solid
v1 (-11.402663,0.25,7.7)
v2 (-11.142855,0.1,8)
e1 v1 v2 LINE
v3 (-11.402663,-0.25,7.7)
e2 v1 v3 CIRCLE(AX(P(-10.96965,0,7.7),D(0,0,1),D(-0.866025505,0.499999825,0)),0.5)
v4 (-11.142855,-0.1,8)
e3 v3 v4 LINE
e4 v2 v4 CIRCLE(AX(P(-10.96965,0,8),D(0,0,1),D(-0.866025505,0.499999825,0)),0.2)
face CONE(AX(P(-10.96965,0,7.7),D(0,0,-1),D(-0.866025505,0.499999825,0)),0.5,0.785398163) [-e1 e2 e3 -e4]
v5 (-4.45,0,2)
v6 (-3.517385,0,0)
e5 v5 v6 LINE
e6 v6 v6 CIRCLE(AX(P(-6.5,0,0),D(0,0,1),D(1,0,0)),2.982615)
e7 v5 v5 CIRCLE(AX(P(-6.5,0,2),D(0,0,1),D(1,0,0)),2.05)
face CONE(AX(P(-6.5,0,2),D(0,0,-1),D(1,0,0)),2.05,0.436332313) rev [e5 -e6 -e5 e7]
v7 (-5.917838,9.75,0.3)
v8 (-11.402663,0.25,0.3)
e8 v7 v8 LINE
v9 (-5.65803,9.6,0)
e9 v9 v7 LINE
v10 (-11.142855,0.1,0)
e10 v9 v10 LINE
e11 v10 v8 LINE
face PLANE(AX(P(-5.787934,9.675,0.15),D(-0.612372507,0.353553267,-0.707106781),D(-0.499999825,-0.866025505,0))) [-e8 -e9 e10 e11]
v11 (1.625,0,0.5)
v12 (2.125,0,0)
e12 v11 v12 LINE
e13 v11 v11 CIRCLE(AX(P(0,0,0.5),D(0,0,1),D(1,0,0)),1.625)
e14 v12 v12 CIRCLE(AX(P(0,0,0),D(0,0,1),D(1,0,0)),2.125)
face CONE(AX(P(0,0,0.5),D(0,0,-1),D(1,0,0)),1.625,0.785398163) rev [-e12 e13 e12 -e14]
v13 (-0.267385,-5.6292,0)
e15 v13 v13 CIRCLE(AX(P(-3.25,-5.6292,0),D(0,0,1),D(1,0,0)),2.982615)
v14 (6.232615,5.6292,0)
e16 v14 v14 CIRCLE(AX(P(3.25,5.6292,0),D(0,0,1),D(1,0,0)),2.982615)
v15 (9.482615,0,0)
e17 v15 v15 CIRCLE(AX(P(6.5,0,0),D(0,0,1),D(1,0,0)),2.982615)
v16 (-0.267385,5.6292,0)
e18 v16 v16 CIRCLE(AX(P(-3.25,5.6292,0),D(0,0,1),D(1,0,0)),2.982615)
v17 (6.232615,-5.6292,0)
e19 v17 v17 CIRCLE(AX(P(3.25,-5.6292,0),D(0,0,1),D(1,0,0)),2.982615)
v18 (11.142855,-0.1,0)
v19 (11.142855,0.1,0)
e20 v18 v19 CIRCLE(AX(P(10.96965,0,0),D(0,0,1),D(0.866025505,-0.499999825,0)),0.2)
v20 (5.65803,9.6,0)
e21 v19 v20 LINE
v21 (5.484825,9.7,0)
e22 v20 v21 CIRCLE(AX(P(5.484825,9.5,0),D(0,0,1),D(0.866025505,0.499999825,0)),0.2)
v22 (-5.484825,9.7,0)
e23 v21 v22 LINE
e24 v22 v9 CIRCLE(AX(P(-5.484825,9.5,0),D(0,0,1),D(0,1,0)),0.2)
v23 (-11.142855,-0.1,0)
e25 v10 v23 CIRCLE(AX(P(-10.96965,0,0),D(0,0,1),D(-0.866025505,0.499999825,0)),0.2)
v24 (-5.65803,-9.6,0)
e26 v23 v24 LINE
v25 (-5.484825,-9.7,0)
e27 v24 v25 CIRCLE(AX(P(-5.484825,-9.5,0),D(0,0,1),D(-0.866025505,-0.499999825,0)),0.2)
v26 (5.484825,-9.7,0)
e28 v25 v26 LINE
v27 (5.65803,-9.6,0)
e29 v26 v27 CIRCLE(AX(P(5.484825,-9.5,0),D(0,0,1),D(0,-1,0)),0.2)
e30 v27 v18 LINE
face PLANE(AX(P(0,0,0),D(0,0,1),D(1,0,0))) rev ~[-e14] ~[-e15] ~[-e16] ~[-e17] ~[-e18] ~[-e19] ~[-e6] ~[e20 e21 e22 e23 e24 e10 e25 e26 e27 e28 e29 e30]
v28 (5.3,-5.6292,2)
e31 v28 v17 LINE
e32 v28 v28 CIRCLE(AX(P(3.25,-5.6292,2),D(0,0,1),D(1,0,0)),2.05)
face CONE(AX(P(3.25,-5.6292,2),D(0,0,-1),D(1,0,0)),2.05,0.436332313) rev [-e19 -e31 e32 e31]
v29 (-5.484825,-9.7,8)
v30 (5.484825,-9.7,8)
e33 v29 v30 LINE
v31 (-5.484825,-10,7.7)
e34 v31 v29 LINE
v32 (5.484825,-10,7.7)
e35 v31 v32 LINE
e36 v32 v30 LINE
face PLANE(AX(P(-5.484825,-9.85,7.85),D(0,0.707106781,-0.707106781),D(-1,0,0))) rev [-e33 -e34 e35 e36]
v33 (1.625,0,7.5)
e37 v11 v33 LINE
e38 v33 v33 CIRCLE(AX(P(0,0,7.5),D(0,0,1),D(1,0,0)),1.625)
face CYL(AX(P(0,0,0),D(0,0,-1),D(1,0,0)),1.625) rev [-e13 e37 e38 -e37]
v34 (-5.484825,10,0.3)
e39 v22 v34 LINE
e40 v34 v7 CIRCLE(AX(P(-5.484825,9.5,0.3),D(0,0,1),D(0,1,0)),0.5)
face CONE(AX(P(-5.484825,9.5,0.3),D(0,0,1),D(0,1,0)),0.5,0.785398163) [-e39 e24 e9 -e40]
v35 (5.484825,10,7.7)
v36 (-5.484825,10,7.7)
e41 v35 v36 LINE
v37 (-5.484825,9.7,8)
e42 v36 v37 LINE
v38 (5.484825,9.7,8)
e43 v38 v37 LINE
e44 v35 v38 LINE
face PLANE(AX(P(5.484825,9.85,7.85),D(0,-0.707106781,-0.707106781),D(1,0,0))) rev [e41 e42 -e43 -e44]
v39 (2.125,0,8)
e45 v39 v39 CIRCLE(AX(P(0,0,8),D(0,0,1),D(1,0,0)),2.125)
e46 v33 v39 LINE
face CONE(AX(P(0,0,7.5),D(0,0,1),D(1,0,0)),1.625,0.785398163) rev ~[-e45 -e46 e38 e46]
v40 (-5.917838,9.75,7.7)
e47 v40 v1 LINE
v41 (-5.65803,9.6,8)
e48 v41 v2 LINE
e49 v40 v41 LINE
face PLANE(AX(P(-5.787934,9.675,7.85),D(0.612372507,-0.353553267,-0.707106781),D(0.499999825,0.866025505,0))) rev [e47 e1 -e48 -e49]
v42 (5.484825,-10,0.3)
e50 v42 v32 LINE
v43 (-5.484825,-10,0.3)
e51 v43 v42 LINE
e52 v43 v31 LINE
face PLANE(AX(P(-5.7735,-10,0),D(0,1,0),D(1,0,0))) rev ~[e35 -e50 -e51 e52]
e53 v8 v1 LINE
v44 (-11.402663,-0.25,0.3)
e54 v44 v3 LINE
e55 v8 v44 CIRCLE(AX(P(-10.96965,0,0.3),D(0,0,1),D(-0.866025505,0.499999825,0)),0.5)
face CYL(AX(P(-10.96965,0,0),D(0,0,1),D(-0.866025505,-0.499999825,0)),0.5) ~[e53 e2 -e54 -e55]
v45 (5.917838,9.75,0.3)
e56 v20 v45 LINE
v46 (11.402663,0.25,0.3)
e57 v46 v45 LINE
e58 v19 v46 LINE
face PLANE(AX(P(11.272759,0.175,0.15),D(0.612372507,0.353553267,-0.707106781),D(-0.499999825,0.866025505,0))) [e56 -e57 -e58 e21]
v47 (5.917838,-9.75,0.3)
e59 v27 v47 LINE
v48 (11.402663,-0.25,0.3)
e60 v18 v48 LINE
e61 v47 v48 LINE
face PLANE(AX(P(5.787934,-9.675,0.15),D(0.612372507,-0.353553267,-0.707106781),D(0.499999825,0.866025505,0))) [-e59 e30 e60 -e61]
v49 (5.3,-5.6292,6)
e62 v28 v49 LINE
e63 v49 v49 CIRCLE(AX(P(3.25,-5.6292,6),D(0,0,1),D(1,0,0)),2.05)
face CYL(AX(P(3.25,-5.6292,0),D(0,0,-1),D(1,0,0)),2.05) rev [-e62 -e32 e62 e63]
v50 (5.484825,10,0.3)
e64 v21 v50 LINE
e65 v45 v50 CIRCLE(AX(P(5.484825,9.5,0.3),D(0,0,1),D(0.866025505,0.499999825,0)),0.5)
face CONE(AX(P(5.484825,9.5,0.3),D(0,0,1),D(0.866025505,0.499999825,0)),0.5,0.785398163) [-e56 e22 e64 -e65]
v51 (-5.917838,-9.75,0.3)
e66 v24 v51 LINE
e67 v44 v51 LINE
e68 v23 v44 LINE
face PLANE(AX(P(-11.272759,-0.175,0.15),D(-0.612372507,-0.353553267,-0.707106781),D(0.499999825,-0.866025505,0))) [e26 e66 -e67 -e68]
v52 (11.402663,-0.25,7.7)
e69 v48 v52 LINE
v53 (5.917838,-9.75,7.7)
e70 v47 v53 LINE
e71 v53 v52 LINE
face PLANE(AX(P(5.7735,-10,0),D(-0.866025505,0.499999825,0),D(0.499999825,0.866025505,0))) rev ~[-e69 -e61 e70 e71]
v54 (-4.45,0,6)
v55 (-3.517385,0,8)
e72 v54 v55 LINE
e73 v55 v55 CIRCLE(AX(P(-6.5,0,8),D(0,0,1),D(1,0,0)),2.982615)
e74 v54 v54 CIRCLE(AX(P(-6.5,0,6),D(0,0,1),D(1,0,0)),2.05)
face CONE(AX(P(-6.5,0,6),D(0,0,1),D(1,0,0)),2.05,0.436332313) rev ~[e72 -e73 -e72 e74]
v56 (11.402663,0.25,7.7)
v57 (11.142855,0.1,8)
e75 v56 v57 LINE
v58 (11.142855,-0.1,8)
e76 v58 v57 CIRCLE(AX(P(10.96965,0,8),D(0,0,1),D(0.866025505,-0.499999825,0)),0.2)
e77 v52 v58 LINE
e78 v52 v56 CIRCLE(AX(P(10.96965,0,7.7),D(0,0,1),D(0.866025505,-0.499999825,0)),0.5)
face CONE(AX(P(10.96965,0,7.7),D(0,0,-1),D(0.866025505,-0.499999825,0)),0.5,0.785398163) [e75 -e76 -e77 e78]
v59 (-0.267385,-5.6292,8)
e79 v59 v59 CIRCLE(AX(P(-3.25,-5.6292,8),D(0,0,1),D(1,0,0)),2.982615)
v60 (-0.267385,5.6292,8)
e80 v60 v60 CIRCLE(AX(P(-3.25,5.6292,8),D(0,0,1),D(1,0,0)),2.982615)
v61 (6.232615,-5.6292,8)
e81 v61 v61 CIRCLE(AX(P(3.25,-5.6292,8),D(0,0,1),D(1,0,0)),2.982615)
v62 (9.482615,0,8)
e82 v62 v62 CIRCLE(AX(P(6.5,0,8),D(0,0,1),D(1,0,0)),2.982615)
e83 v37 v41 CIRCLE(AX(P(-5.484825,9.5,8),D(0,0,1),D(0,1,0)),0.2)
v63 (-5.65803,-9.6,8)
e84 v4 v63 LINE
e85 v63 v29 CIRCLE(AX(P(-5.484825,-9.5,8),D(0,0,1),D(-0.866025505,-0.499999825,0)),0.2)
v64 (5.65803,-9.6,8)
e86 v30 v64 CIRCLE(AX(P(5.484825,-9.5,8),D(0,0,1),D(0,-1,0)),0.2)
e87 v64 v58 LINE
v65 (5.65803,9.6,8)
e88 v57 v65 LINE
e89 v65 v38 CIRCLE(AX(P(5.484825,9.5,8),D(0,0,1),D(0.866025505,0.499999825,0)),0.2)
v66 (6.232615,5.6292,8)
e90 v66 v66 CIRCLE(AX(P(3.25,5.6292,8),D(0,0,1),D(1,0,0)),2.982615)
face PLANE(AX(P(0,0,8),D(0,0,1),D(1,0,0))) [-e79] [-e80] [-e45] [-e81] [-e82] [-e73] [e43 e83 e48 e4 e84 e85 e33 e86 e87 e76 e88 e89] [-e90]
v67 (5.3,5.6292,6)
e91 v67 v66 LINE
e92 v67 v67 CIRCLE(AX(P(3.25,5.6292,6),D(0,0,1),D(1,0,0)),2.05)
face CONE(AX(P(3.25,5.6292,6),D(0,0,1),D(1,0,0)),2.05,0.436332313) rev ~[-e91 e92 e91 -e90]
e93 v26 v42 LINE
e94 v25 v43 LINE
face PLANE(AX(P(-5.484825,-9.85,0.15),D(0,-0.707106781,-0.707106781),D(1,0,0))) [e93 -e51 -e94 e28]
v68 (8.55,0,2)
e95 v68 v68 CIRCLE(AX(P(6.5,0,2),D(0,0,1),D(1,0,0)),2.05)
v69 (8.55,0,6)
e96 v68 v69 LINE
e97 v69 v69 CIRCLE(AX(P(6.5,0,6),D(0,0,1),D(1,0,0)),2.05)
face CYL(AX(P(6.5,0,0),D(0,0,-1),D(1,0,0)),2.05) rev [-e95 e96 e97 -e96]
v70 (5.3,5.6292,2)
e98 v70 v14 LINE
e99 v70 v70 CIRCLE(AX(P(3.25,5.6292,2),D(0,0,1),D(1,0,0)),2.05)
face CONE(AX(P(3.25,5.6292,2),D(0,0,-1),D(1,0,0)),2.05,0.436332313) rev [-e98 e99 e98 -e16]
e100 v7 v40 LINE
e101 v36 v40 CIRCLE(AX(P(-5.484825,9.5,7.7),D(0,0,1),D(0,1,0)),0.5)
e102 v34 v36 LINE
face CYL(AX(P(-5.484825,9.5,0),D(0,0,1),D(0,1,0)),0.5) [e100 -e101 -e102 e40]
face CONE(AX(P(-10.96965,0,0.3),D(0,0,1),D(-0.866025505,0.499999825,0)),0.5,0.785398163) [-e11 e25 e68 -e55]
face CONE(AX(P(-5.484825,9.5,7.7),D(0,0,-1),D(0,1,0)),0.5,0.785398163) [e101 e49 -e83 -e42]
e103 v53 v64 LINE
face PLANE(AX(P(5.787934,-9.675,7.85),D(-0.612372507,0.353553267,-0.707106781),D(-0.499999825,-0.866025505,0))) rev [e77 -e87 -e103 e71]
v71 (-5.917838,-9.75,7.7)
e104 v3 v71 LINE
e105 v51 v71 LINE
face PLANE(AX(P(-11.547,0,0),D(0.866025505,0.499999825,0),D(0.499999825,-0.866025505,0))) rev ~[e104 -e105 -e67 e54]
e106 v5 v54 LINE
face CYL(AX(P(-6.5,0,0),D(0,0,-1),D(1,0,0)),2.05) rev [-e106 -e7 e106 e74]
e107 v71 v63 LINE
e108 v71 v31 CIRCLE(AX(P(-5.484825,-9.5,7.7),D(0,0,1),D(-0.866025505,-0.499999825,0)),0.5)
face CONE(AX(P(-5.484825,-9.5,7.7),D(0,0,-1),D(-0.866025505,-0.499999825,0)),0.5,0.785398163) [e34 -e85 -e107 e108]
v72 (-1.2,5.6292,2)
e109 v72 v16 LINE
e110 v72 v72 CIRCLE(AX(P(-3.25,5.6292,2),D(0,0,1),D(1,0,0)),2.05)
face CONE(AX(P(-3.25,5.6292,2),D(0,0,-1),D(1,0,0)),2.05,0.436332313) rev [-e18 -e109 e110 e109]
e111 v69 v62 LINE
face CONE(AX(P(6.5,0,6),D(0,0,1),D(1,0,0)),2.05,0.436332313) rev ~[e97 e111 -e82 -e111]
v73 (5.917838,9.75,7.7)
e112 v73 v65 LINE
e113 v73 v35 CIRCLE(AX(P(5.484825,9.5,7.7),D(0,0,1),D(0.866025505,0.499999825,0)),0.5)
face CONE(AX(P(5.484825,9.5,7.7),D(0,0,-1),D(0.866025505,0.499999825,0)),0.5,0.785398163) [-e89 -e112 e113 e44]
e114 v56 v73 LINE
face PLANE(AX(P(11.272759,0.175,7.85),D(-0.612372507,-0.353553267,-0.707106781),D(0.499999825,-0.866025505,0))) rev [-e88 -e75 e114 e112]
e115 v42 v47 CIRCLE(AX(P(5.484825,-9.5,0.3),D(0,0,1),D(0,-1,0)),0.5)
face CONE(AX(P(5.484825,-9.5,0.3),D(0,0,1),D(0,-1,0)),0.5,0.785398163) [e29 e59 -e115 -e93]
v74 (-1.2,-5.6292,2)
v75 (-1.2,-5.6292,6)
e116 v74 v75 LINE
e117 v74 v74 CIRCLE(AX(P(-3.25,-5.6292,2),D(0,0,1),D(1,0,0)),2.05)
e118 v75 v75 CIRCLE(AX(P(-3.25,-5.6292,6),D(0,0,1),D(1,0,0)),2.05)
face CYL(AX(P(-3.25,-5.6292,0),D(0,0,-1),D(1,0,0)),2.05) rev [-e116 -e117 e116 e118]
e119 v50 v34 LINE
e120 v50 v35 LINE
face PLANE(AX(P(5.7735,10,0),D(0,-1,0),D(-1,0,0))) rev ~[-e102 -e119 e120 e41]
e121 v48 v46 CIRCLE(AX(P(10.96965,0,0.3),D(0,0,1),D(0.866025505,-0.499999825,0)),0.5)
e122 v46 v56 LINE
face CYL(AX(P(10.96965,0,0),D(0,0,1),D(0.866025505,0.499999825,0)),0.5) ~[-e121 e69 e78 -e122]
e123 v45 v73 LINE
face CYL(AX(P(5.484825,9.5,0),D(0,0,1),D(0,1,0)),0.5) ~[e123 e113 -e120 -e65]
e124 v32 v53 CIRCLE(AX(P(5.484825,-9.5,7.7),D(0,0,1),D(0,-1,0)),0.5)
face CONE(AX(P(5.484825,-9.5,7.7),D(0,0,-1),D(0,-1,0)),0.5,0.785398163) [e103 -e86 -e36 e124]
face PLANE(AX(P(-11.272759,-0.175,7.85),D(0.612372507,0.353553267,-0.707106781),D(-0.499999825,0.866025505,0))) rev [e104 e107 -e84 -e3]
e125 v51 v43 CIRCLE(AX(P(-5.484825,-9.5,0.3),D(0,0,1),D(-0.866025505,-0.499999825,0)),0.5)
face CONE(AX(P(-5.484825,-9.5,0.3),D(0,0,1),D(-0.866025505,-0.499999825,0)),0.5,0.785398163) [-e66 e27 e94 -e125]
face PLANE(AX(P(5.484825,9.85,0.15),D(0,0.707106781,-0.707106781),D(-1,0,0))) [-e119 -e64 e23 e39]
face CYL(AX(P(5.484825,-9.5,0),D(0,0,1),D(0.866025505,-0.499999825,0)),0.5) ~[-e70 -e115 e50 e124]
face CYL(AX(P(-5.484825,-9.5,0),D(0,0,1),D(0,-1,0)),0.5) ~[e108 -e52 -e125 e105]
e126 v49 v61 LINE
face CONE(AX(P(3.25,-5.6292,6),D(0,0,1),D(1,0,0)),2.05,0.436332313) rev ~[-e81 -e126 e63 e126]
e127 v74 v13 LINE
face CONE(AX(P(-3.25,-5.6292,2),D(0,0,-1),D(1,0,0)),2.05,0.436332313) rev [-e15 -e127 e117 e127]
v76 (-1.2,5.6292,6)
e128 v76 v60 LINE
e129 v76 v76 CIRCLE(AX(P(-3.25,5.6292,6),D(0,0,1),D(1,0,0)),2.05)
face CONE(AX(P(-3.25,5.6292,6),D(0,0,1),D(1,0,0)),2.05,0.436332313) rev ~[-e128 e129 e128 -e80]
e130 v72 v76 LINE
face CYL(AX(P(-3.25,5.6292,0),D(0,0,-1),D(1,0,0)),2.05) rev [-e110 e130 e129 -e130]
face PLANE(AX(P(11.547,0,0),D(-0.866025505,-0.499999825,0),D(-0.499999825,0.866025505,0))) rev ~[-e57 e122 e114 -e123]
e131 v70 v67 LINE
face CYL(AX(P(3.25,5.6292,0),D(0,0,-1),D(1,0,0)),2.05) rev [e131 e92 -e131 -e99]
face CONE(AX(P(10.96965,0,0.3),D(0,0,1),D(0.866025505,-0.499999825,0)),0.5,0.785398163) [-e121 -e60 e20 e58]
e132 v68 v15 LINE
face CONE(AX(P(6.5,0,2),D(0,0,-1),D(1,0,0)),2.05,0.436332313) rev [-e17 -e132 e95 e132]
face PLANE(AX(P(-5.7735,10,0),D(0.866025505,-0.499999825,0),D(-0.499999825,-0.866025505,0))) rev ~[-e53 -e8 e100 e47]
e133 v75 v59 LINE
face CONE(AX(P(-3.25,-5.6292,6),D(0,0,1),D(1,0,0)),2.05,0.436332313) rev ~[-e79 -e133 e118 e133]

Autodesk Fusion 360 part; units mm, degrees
sketch "Sketch1" plane through (0, 0, 0) normal (0, 0, 1) x (1, 0, 0)
  line L0 (-5.7735, 10) -> (-11.547, 0)
  line L1 (-11.547, 0) -> (-5.7735, -10)
  line L2 (-5.7735, -10) -> (5.7735, -10)
  line L3 (5.7735, -10) -> (11.547, 0)
  line L4 (11.547, 0) -> (5.7735, 10)
  line L5 (5.7735, 10) -> (-5.7735, 10)
  circle A0 centre (0, 0) radius 1.625
  circle A1 centre (-3.25, 5.6292) radius 2.05
  line L6 (0, 0) -> (-5.7735, 10) construction
  circle A2 centre (-6.5, 0) radius 2.05
  circle A3 centre (-3.25, -5.6292) radius 2.05
  circle A4 centre (3.25, -5.6292) radius 2.05
  circle A5 centre (6.5, 0) radius 2.05
  circle A6 centre (3.25, 5.6292) radius 2.05
  circle A7 centre (0, 0) radius 6.5 construction
  dimension "d1" = 10
  dimension "d2" = 3.25
  dimension "d4" = 4.1
  dimension "d9" = 360
  dimension "d10" = 13
extrude "Extrude1" add sketch "Sketch1" along normal blind 8
chamfer "Chamfer3" distance 0.5 angle 45 1 edges at (-1.515, 0.5876, 0)
chamfer "Chamfer3" distance 0.5 angle 45 1 edges at (-1.515, 0.5876, 8)
fillet "Fillet1" radius 0.5 6 edges at (-5.7735, -10, 4) (5.7735, -10, 4) (11.547, 0, 4) (5.7735, 10, 4) (-5.7735, 10, 4) (-11.547, 0, 4)
chamfer "Chamfer4" distance 0.3 angle 45 24 edges at (0, -10, 8) (5.7348, -9.933, 8) (8.6603, -5, 8) (11.4697, 0, 8) (8.6603, 5, 8) (5.7348, 9.933, 8) (0, 10, 8) (-5.7348, 9.933, 8) (-8.6603, 5, 8) (-11.4697, 0, 8) (-8.6603, -5, 8) (-5.7348, -9.933, 8) (0, -10, 0) (5.7348, -9.933, 0) (8.6603, -5, 0) (11.4697, 0, 0) (8.6603, 5, 0) (5.7348, 9.933, 0) (0, 10, 0) (-5.7348, 9.933, 0) (-8.6603, 5, 0) (-11.4697, 0, 0) (-8.6603, -5, 0) (-5.7348, -9.933, 0)
chamfer "Chamfer2" distance 2 angle 25 6 edges at (1.3387, 6.3705, 8) (-5.1613, 6.3705, 8) (-8.4113, 0.7413, 8) (-5.1613, -4.8879, 8) (1.3387, -4.8879, 8) (4.5887, 0.7413, 8) measured on face at (5.2975, 5.527, 5.3333) measured on face at (-1.2025, 5.527, 5.3333) measured on face at (-4.4525, -0.1022, 5.3333) measured on face at (-1.2025, -5.7313, 5.3333) measured on face at (5.2975, -5.7313, 5.3333) measured on face at (8.5475, -0.1022, 5.3333)
chamfer "Chamfer5" distance 2 angle 25 6 edges at (-5.1613, -4.8879, 0) (1.3387, -4.8879, 0) (4.5887, 0.7413, 0) (1.3387, 6.3705, 0) (-5.1613, 6.3705, 0) (-8.4113, 0.7413, 0) measured on face at (-1.2102, -5.8333, 2) measured on face at (5.2898, -5.8333, 2) measured on face at (8.5398, -0.2041, 2) measured on face at (5.2898, 5.4251, 2) measured on face at (-1.2102, 5.4251, 2) measured on face at (-4.4602, -0.2041, 2)
